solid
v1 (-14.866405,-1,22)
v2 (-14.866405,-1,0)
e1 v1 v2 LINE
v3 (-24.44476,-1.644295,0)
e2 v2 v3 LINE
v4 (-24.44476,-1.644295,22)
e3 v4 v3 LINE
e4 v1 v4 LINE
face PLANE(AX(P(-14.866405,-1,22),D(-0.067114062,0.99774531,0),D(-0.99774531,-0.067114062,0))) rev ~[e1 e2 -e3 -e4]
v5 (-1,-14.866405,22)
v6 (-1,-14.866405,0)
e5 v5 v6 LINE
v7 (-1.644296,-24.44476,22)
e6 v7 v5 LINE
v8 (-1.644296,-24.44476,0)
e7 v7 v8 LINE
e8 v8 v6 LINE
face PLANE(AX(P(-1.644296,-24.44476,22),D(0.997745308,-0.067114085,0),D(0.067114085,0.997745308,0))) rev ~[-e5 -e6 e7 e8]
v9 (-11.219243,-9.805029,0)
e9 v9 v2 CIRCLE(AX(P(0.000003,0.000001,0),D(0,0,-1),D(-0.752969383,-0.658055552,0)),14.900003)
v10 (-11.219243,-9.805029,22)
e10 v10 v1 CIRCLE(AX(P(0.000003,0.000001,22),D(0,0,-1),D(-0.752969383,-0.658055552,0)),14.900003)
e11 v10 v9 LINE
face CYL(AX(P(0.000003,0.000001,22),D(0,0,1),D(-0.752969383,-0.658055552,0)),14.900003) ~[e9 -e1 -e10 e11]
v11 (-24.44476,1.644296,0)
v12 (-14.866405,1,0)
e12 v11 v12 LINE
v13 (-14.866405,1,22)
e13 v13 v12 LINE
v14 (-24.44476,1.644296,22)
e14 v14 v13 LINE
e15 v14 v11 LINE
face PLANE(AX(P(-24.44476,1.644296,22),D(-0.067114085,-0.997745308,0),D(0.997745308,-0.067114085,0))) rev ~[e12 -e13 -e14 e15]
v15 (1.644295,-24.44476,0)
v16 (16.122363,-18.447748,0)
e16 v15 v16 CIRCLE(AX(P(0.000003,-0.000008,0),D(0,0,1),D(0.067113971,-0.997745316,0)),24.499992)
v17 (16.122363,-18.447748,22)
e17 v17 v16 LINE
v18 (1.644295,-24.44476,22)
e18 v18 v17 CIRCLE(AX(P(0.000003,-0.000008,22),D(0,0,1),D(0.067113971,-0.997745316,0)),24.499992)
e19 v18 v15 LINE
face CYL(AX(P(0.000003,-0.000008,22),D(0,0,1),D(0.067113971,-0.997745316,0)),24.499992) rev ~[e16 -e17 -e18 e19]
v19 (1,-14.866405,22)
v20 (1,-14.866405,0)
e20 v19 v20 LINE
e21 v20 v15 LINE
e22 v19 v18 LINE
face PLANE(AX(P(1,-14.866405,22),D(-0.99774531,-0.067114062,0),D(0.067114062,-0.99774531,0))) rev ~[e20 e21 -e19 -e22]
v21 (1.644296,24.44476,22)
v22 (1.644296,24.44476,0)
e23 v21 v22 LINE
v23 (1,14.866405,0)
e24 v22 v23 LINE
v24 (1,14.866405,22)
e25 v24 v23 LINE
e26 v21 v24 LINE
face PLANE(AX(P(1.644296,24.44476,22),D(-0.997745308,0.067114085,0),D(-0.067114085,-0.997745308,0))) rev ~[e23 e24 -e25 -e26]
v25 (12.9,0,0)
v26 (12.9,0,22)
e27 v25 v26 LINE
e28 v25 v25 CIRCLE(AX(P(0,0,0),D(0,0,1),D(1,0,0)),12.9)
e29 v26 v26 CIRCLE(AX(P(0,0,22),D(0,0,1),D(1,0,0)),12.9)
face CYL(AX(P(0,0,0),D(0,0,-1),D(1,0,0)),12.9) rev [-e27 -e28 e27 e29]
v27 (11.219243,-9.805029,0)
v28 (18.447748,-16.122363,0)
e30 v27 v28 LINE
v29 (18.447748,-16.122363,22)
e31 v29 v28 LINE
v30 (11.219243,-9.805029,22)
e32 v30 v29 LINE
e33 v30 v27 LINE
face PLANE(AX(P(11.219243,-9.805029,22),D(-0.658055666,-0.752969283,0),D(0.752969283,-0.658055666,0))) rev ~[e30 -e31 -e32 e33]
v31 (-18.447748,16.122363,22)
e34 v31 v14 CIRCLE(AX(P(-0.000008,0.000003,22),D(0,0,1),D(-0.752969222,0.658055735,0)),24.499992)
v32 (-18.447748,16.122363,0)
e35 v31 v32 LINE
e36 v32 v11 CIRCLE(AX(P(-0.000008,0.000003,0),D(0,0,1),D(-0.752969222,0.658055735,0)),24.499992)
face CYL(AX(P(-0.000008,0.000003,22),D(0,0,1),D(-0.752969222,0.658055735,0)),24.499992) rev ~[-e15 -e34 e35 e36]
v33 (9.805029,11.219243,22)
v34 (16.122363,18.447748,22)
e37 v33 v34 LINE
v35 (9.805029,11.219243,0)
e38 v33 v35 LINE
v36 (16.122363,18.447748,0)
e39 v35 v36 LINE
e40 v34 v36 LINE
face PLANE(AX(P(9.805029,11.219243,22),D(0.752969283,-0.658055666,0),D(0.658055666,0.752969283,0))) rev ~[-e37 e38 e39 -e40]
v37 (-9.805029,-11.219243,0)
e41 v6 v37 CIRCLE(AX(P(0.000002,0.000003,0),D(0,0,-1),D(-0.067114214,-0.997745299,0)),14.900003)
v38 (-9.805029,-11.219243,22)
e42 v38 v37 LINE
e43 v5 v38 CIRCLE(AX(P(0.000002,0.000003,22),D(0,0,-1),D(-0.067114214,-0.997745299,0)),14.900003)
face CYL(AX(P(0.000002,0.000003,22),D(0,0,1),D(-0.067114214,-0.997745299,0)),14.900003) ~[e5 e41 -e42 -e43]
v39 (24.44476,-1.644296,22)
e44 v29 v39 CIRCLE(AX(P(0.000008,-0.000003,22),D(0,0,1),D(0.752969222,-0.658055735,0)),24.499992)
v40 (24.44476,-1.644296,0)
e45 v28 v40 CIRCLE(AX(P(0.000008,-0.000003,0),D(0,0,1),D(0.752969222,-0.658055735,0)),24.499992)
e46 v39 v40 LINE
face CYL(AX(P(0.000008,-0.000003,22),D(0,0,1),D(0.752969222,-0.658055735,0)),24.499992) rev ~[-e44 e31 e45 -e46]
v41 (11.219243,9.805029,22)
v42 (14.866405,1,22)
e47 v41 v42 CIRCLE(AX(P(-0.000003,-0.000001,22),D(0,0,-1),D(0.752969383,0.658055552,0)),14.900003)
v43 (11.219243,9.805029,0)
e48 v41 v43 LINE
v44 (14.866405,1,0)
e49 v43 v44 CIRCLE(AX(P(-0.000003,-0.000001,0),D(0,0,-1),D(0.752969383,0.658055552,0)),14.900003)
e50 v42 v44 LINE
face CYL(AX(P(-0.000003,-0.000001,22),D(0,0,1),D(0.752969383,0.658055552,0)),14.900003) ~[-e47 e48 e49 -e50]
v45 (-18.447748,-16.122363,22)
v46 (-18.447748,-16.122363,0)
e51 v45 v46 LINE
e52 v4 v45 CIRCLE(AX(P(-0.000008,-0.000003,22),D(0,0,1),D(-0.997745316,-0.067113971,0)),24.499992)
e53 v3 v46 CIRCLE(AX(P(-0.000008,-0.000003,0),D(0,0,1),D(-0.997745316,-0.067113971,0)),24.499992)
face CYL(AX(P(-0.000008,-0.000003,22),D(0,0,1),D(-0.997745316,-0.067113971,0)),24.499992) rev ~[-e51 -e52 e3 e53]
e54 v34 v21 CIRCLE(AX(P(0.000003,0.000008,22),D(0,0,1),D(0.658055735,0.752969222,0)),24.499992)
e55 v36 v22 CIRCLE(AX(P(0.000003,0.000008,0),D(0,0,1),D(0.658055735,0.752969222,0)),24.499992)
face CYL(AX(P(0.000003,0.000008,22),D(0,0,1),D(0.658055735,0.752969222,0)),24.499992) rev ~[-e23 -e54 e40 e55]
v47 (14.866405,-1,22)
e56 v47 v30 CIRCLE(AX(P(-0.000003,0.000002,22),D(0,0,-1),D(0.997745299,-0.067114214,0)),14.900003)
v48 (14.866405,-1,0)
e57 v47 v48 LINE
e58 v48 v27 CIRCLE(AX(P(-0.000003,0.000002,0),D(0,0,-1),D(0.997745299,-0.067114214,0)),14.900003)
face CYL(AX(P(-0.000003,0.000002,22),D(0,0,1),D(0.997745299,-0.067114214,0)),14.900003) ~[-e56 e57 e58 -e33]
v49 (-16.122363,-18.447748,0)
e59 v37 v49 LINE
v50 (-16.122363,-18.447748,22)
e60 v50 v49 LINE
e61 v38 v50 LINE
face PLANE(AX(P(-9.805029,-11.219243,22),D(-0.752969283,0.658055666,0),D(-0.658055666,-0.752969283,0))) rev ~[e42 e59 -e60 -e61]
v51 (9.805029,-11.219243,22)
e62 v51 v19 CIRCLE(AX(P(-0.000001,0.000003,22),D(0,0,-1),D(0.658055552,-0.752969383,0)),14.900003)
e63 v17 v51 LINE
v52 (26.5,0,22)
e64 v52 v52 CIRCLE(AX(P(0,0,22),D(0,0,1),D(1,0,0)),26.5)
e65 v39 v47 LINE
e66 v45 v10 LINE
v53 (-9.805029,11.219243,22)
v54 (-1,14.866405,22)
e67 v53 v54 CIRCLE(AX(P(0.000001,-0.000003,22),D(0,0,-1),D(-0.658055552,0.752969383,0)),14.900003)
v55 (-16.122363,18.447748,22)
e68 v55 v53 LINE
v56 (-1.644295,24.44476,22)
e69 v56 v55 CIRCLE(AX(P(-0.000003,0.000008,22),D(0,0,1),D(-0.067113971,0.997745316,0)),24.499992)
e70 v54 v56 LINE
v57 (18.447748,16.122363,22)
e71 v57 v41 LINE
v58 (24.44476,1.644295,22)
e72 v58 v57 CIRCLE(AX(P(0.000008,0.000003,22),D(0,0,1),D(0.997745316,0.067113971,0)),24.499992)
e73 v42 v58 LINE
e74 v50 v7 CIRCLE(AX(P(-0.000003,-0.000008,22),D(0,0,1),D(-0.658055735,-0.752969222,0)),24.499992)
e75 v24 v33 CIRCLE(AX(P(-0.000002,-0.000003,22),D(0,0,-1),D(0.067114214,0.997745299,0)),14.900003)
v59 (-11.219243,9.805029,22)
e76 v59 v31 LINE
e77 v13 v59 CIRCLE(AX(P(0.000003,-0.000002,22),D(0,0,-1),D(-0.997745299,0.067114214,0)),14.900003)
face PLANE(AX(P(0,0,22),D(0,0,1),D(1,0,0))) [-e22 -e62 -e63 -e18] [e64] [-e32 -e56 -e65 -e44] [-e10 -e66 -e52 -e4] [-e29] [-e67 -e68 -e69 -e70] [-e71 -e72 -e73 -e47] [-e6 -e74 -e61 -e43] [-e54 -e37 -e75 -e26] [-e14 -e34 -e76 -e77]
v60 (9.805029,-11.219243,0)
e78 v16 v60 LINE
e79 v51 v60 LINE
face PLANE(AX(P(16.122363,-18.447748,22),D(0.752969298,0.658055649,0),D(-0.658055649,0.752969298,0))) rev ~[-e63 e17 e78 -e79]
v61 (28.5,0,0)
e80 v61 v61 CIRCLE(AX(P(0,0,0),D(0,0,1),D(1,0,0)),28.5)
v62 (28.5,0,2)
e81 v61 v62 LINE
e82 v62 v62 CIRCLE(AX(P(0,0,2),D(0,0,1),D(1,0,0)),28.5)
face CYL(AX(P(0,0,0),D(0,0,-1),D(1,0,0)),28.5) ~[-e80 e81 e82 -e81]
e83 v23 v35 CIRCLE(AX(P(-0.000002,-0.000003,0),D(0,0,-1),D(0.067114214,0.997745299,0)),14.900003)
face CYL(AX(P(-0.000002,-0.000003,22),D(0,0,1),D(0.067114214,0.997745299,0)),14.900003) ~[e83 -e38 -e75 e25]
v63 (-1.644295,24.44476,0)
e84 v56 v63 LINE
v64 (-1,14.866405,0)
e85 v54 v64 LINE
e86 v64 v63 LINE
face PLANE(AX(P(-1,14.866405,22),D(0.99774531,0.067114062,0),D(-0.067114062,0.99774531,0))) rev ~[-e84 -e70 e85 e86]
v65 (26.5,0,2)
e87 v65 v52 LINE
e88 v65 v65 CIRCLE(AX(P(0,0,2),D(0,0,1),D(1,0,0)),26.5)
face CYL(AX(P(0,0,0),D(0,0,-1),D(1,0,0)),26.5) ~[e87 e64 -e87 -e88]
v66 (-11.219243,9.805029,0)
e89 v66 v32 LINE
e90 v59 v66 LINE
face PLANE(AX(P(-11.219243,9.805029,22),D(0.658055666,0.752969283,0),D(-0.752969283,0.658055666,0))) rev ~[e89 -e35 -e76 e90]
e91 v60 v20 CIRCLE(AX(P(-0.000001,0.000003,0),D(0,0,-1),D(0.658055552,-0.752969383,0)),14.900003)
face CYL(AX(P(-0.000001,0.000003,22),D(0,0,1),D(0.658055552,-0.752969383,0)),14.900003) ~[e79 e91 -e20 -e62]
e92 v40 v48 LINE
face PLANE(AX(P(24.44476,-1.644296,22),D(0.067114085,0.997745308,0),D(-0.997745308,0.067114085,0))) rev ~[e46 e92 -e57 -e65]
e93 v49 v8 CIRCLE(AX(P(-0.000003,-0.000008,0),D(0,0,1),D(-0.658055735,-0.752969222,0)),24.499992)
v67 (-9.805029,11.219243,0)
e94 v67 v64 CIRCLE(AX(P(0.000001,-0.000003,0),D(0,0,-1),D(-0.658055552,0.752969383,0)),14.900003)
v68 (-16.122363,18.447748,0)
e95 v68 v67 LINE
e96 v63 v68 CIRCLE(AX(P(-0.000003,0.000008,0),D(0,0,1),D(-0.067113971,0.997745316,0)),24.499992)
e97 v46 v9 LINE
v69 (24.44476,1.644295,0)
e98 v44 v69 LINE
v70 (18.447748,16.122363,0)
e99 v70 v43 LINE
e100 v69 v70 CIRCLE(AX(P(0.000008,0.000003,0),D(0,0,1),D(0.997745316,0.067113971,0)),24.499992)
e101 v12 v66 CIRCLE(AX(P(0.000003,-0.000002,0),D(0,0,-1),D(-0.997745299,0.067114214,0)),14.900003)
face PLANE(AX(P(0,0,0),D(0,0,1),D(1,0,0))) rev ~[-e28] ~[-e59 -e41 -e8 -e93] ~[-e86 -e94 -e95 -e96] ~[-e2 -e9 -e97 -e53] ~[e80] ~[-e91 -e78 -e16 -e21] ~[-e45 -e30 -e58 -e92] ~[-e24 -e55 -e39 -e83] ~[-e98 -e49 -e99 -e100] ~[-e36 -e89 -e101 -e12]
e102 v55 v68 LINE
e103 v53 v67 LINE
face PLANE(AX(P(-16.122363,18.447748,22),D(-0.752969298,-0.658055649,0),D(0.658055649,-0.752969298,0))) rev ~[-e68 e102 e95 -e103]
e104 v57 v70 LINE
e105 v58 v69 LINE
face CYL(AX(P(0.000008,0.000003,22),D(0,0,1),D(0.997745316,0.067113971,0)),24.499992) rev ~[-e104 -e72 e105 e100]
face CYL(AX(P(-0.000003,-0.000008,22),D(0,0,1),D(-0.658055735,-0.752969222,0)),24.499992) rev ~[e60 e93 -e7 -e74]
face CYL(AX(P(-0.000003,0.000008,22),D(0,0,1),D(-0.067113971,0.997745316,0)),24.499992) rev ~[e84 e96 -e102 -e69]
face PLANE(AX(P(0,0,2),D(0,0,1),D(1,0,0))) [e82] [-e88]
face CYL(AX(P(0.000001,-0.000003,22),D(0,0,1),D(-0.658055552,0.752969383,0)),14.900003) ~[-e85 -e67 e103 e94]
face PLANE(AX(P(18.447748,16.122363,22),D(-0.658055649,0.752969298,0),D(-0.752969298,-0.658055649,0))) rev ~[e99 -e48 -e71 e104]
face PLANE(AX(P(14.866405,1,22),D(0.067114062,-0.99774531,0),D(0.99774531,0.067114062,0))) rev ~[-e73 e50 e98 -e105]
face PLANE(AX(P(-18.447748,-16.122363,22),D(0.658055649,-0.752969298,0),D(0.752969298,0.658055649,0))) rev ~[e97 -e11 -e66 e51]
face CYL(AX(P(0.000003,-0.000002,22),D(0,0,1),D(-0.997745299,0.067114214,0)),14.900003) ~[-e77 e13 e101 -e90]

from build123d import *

# Parameters (mm, degrees)
F0_R     = 26.5
F0_R_2   = 12.9
F1_DEPTH = 22
F0_R_3   = 28.5
F2_DEPTH = 2
F4_DEPTH = 22
F5_COUNT = 8


with BuildPart() as f1:
    # F0 (on Top) → F1 (new body)
    with BuildSketch(Plane.XY):
        Circle(F0_R)
        Circle(F0_R_2, mode=Mode.SUBTRACT)
    extrude(amount=F1_DEPTH)

    # F0 (on Top) → F2 (join)
    with BuildSketch(Plane.XY):
        Circle(F0_R_3)
        Circle(F0_R, mode=Mode.SUBTRACT)
    extrude(amount=F2_DEPTH)


with BuildPart() as f4:
    # F3 (on face) → F4 (new body, through all)
    with BuildSketch(Plane.XY.offset(22)):
        with BuildLine():
            ThreePointArc((1.644295, -24.44476), (9.375744, -22.635049), (16.122363, -18.447748))
            Line((16.122363, -18.447748), (9.805029, -11.219243))
            ThreePointArc((9.805029, -11.219243), (5.701983, -13.765805), (1, -14.866405))
            Line((1, -14.866405), (1.644295, -24.44476))
        make_face()
    extrude(amount=-F4_DEPTH)


with BuildPart() as f5_1:
    # F5: instance of F4
    add(f4.part.rotate(Axis((0, 0, 0), (0, 0, -1)), 1 * 360 / F5_COUNT))


with BuildPart() as f5_2:
    # F5: instance of F4
    add(f4.part.rotate(Axis((0, 0, 0), (0, 0, -1)), 2 * 360 / F5_COUNT))


with BuildPart() as f5_3:
    # F5: instance of F4
    add(f4.part.rotate(Axis((0, 0, 0), (0, 0, -1)), 3 * 360 / F5_COUNT))


with BuildPart() as f5_4:
    # F5: instance of F4
    add(f4.part.rotate(Axis((0, 0, 0), (0, 0, -1)), 4 * 360 / F5_COUNT))


with BuildPart() as f5_5:
    # F5: instance of F4
    add(f4.part.rotate(Axis((0, 0, 0), (0, 0, -1)), 5 * 360 / F5_COUNT))


with BuildPart() as f5_6:
    # F5: instance of F4
    add(f4.part.rotate(Axis((0, 0, 0), (0, 0, -1)), 6 * 360 / F5_COUNT))


with BuildPart() as f5_7:
    # F5: instance of F4
    add(f4.part.rotate(Axis((0, 0, 0), (0, 0, -1)), 7 * 360 / F5_COUNT))


with BuildPart() as f1_1:
    add(f1.part)

    # F6: cut F4, F5_7, F5_6, F5_5, F5_4, F5_3, F5_2, F5_1
    add(f4.part, mode=Mode.SUBTRACT)
    add(f5_7.part, mode=Mode.SUBTRACT)
    add(f5_6.part, mode=Mode.SUBTRACT)
    add(f5_5.part, mode=Mode.SUBTRACT)
    add(f5_4.part, mode=Mode.SUBTRACT)
    add(f5_3.part, mode=Mode.SUBTRACT)
    add(f5_2.part, mode=Mode.SUBTRACT)
    add(f5_1.part, mode=Mode.SUBTRACT)


solid = f1_1.part
